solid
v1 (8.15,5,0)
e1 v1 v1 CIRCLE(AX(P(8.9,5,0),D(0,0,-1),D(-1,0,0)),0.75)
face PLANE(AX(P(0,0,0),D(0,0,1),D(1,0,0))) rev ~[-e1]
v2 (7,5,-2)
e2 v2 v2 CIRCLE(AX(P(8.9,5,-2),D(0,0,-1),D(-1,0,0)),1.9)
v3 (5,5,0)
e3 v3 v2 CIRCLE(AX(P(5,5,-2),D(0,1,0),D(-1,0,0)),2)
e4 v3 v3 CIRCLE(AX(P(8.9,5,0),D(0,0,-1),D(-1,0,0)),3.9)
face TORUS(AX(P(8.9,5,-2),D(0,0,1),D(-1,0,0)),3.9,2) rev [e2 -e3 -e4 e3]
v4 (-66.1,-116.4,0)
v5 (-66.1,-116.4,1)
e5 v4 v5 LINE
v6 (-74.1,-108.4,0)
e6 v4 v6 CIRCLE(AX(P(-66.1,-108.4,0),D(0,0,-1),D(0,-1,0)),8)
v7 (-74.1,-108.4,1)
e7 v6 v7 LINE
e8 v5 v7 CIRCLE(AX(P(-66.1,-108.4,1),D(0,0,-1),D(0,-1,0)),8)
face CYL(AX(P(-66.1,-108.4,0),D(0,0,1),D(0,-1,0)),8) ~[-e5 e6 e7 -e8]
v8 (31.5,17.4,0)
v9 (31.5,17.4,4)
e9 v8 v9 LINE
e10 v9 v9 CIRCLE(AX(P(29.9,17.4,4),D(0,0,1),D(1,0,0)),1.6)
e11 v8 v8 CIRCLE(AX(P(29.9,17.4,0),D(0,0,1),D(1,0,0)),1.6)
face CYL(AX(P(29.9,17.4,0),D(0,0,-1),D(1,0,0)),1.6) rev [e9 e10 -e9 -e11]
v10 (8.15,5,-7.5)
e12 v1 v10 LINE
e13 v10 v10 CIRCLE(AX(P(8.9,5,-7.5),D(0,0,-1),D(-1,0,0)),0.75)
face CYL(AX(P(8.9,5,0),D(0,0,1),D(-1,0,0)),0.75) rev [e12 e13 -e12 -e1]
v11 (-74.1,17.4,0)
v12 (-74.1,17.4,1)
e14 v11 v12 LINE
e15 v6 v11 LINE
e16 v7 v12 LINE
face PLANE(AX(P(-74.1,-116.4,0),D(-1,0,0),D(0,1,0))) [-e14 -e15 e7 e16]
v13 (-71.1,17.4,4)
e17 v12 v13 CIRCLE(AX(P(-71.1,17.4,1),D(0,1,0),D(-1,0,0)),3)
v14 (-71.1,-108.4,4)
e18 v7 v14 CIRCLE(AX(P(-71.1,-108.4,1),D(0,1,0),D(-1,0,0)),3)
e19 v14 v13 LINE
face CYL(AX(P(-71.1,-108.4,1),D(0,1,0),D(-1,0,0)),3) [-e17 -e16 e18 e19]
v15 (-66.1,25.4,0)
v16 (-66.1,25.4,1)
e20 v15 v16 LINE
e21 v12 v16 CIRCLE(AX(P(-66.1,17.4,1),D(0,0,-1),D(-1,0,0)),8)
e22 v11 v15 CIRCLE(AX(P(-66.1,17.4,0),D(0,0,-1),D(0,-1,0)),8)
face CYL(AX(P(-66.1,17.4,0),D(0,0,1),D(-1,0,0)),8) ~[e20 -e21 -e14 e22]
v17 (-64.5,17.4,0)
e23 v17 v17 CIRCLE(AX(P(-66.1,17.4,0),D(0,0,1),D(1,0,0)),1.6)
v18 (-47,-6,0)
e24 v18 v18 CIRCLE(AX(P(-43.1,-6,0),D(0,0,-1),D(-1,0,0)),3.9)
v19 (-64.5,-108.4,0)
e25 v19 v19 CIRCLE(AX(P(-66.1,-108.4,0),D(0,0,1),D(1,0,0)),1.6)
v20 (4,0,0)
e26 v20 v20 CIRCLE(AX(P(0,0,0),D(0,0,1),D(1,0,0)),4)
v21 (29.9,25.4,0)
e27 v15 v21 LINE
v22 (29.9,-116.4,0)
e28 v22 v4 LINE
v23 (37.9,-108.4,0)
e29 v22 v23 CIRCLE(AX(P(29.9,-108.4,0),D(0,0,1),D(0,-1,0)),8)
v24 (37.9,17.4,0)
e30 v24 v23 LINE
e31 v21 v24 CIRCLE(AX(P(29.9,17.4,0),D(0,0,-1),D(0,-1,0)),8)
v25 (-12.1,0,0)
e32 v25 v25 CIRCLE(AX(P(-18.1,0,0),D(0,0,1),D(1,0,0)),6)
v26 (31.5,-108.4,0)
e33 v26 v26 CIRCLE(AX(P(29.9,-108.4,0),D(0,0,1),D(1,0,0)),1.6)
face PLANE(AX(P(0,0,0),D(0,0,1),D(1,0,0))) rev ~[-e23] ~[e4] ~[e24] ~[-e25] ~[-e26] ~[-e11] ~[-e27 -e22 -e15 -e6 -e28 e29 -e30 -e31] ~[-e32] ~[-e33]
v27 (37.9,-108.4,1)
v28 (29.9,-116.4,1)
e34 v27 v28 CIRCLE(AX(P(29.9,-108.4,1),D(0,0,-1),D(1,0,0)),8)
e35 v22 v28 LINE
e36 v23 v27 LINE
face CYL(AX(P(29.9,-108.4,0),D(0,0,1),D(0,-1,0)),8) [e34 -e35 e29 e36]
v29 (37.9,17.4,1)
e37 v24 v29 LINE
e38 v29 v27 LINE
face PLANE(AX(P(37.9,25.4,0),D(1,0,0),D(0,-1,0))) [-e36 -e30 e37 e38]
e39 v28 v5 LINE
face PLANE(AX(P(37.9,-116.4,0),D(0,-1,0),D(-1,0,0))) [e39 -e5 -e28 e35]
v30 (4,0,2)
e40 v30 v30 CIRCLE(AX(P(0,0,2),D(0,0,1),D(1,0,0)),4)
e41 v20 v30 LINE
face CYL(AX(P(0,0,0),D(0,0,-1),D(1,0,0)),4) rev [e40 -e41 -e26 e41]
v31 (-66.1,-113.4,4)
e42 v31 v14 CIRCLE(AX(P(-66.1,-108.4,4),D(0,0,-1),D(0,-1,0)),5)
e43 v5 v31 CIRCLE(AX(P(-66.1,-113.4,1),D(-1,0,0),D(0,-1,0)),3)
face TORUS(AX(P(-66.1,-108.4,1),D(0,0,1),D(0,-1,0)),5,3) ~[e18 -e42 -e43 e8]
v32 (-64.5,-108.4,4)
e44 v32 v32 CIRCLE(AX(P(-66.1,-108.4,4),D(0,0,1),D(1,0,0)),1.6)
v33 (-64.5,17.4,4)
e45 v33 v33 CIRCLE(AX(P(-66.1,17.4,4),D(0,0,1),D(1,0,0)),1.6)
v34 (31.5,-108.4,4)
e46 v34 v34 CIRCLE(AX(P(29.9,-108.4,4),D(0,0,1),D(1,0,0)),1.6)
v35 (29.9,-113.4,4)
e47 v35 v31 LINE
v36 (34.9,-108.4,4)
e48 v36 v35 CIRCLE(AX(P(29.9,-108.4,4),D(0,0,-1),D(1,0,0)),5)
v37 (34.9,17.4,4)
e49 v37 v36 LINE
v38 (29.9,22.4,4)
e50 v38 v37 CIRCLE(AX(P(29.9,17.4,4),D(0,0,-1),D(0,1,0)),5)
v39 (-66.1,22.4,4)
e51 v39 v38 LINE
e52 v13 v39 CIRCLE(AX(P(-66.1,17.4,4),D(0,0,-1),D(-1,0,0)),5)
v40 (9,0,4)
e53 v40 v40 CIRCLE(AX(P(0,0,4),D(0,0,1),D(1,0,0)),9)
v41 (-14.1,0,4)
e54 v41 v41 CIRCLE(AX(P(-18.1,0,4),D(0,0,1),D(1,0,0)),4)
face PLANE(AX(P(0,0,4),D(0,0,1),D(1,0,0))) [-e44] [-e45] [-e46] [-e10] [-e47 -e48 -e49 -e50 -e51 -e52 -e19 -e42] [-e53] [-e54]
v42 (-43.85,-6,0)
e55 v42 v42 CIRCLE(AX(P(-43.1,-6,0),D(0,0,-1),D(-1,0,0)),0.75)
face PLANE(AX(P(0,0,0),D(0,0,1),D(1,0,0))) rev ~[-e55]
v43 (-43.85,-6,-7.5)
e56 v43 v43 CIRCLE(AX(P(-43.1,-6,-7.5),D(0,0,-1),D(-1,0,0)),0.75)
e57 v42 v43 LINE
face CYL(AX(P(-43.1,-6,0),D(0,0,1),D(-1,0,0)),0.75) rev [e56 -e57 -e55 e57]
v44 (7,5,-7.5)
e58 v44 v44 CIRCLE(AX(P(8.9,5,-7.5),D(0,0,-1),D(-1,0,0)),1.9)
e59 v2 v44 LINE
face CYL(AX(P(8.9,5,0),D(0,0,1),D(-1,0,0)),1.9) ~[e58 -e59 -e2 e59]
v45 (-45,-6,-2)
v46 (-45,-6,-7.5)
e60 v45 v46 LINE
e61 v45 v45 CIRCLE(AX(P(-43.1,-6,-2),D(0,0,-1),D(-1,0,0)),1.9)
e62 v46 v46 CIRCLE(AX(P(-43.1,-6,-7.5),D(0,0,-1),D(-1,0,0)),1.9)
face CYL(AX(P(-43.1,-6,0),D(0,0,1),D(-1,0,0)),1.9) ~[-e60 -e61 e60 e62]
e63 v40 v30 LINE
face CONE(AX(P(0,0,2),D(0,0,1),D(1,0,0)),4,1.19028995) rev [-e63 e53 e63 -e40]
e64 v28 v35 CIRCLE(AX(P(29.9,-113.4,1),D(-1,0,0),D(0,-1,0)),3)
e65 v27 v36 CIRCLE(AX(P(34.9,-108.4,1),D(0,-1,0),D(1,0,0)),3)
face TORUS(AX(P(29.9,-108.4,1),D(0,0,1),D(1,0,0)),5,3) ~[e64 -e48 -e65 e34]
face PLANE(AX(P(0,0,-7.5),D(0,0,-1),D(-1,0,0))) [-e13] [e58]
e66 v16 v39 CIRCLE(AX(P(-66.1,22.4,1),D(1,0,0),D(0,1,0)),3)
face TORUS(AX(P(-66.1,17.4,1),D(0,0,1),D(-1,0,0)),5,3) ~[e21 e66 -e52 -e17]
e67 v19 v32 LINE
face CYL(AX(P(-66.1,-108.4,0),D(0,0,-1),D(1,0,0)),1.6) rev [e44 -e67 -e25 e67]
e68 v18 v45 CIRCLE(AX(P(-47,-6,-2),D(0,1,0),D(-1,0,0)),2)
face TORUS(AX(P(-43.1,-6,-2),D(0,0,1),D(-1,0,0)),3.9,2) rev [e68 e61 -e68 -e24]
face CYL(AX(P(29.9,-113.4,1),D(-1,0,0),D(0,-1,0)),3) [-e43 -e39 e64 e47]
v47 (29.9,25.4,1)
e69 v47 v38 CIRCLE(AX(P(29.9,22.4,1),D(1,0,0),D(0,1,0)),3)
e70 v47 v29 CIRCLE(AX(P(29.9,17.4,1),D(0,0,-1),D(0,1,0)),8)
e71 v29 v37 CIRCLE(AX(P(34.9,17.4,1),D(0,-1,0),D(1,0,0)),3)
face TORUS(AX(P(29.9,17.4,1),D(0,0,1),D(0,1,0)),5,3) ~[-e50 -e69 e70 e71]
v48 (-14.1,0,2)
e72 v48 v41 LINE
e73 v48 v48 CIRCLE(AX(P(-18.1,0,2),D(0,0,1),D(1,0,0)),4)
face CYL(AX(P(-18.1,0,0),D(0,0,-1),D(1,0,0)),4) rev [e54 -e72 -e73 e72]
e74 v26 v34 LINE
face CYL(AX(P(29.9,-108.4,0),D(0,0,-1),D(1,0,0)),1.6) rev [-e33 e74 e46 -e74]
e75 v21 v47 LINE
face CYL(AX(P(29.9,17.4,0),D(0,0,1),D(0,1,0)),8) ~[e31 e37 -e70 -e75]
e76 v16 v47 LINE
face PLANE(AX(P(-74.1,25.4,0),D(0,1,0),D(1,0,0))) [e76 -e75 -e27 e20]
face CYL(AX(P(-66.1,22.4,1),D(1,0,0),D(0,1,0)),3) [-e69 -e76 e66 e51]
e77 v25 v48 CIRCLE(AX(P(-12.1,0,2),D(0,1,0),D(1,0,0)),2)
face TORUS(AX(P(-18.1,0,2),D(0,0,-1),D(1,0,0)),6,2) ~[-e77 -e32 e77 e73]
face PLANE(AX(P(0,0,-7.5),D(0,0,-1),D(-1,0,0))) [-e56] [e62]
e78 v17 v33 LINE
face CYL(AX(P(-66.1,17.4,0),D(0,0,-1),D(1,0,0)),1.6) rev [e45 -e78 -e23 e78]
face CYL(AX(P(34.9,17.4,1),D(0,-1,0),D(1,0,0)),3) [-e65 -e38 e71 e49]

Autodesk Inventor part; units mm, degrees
ref_plane "YZ Plane" through (0, 0, 0) normal (1, 0, 0) x (0, 1, 0)
sketch "Sketch1" plane through (0, 0, 0) normal (0, 0, 1) x (1, 0, 0)
  circle A0 centre (0, 0) radius 4 projected
  circle A1 centre (-18.1, 0) radius 2.9 construction
  circle A2 centre (29.9, -108.4) radius 1.6
  circle A3 centre (-66.1, -108.4) radius 1.6
  circle A4 centre (-66.1, 17.4) radius 1.6
  circle A5 centre (29.9, 17.4) radius 1.6
  line L0 (29.9, 17.4) -> (-66.1, 17.4) construction
  line L1 (37.9, -116.4) -> (-74.1, -116.4)
  line L2 (-74.1, -116.4) -> (-74.1, 25.4)
  line L3 (-74.1, 25.4) -> (37.9, 25.4)
  line L4 (37.9, 25.4) -> (37.9, -116.4)
  line L5 (-66.1, -108.4) -> (-66.1, 17.4) construction
  circle A6 centre (-18.1, 0) radius 4
  point P0 (-18.1, 17.4)
  point P1 (-18.1, 25.4)
  point P2 (-66.1, -45.5)
  point P3 (-74.1, -45.5)
  dimension "d0" = 3.2
  dimension "d1" = 96
  dimension "d2" = 125.8
  dimension "d3" = 141.8
  dimension "d4" = 112
  dimension "d5" = 25.4
  dimension "d11" = 8
ref_plane "Work Plane1" through (-18.1, 0, 3.4982) normal (0, 0, 1) x (1, 0, 0)
extrude "Extrusion1" add sketch "Sketch1" along normal blind 4
chamfer "Chamfer1" distance 5 distance2 2 1 edges at (-4, 0, 4) measured on face at (-17.9393, -72.8829, 4)
fillet "Fillet1" radius 8 4 edges at (37.9, 25.4, 2) (-74.1, 25.4, 2) (-74.1, -116.4, 2) (37.9, -116.4, 2)
sketch "Sketch2" plane through (0, 0, 4) normal (0, 0, 1) x (1, 0, 0)
  line L0 (32.7, -97.35) -> (-68.9, -97.35) construction
  line L1 (-68.9, -97.35) -> (-68.9, 4.25) construction
  line L2 (-68.9, 4.25) -> (32.7, 4.25) construction
  line L3 (32.7, 4.25) -> (32.7, -97.35) construction
  line L4 (-66.1, -116.4) -> (29.9, -116.4) construction
  point P0 (0, 0)
  point P1 (-18.1, -116.4)
  point P2 (-18.1, -97.35)
  dimension "d25" = 101.6
  dimension "d31" = 19.05
fillet "Fillet2" radius 2 1 edges at (-22.1, 0, 0)
sketch "Sketch3" plane through (0, 0, 0) normal (0, 0, -1) x (-1, 0, 0)
  circle A0 centre (43.1, -6) radius 1 construction
  circle A1 centre (-8.9, 5) radius 1 construction
  circle A2 centre (43.1, -6) radius 0.75
  circle A3 centre (-8.9, 5) radius 0.75
  circle A4 centre (43.1, -6) radius 1.9
  circle A5 centre (-8.9, 5) radius 1.9
  point P0 (0, 0)
  dimension "d33" = 1.5
  dimension "d34" = 3.8
ref_plane "Work Plane2" through (0, -10.5, -7.5) normal (0, 0, 1) x (1, 0, 0)
extrude "Extrusion2" add sketch "Sketch3" along normal up to surface (7.5 mm away)
fillet "Fillet3" radius 2 2 edges at (-41.2, -6, 0) (10.8, 5, 0)
fillet "Fillet4" radius 3 8 edges at (35.5569, 23.0569, 4) (-18.1, 25.4, 4) (-71.7569, 23.0569, 4) (-74.1, -45.5, 4) (-71.7569, -114.0569, 4) (-18.1, -116.4, 4) (35.5569, -114.0569, 4) (37.9, -45.5, 4)
properties part number "Lid"
